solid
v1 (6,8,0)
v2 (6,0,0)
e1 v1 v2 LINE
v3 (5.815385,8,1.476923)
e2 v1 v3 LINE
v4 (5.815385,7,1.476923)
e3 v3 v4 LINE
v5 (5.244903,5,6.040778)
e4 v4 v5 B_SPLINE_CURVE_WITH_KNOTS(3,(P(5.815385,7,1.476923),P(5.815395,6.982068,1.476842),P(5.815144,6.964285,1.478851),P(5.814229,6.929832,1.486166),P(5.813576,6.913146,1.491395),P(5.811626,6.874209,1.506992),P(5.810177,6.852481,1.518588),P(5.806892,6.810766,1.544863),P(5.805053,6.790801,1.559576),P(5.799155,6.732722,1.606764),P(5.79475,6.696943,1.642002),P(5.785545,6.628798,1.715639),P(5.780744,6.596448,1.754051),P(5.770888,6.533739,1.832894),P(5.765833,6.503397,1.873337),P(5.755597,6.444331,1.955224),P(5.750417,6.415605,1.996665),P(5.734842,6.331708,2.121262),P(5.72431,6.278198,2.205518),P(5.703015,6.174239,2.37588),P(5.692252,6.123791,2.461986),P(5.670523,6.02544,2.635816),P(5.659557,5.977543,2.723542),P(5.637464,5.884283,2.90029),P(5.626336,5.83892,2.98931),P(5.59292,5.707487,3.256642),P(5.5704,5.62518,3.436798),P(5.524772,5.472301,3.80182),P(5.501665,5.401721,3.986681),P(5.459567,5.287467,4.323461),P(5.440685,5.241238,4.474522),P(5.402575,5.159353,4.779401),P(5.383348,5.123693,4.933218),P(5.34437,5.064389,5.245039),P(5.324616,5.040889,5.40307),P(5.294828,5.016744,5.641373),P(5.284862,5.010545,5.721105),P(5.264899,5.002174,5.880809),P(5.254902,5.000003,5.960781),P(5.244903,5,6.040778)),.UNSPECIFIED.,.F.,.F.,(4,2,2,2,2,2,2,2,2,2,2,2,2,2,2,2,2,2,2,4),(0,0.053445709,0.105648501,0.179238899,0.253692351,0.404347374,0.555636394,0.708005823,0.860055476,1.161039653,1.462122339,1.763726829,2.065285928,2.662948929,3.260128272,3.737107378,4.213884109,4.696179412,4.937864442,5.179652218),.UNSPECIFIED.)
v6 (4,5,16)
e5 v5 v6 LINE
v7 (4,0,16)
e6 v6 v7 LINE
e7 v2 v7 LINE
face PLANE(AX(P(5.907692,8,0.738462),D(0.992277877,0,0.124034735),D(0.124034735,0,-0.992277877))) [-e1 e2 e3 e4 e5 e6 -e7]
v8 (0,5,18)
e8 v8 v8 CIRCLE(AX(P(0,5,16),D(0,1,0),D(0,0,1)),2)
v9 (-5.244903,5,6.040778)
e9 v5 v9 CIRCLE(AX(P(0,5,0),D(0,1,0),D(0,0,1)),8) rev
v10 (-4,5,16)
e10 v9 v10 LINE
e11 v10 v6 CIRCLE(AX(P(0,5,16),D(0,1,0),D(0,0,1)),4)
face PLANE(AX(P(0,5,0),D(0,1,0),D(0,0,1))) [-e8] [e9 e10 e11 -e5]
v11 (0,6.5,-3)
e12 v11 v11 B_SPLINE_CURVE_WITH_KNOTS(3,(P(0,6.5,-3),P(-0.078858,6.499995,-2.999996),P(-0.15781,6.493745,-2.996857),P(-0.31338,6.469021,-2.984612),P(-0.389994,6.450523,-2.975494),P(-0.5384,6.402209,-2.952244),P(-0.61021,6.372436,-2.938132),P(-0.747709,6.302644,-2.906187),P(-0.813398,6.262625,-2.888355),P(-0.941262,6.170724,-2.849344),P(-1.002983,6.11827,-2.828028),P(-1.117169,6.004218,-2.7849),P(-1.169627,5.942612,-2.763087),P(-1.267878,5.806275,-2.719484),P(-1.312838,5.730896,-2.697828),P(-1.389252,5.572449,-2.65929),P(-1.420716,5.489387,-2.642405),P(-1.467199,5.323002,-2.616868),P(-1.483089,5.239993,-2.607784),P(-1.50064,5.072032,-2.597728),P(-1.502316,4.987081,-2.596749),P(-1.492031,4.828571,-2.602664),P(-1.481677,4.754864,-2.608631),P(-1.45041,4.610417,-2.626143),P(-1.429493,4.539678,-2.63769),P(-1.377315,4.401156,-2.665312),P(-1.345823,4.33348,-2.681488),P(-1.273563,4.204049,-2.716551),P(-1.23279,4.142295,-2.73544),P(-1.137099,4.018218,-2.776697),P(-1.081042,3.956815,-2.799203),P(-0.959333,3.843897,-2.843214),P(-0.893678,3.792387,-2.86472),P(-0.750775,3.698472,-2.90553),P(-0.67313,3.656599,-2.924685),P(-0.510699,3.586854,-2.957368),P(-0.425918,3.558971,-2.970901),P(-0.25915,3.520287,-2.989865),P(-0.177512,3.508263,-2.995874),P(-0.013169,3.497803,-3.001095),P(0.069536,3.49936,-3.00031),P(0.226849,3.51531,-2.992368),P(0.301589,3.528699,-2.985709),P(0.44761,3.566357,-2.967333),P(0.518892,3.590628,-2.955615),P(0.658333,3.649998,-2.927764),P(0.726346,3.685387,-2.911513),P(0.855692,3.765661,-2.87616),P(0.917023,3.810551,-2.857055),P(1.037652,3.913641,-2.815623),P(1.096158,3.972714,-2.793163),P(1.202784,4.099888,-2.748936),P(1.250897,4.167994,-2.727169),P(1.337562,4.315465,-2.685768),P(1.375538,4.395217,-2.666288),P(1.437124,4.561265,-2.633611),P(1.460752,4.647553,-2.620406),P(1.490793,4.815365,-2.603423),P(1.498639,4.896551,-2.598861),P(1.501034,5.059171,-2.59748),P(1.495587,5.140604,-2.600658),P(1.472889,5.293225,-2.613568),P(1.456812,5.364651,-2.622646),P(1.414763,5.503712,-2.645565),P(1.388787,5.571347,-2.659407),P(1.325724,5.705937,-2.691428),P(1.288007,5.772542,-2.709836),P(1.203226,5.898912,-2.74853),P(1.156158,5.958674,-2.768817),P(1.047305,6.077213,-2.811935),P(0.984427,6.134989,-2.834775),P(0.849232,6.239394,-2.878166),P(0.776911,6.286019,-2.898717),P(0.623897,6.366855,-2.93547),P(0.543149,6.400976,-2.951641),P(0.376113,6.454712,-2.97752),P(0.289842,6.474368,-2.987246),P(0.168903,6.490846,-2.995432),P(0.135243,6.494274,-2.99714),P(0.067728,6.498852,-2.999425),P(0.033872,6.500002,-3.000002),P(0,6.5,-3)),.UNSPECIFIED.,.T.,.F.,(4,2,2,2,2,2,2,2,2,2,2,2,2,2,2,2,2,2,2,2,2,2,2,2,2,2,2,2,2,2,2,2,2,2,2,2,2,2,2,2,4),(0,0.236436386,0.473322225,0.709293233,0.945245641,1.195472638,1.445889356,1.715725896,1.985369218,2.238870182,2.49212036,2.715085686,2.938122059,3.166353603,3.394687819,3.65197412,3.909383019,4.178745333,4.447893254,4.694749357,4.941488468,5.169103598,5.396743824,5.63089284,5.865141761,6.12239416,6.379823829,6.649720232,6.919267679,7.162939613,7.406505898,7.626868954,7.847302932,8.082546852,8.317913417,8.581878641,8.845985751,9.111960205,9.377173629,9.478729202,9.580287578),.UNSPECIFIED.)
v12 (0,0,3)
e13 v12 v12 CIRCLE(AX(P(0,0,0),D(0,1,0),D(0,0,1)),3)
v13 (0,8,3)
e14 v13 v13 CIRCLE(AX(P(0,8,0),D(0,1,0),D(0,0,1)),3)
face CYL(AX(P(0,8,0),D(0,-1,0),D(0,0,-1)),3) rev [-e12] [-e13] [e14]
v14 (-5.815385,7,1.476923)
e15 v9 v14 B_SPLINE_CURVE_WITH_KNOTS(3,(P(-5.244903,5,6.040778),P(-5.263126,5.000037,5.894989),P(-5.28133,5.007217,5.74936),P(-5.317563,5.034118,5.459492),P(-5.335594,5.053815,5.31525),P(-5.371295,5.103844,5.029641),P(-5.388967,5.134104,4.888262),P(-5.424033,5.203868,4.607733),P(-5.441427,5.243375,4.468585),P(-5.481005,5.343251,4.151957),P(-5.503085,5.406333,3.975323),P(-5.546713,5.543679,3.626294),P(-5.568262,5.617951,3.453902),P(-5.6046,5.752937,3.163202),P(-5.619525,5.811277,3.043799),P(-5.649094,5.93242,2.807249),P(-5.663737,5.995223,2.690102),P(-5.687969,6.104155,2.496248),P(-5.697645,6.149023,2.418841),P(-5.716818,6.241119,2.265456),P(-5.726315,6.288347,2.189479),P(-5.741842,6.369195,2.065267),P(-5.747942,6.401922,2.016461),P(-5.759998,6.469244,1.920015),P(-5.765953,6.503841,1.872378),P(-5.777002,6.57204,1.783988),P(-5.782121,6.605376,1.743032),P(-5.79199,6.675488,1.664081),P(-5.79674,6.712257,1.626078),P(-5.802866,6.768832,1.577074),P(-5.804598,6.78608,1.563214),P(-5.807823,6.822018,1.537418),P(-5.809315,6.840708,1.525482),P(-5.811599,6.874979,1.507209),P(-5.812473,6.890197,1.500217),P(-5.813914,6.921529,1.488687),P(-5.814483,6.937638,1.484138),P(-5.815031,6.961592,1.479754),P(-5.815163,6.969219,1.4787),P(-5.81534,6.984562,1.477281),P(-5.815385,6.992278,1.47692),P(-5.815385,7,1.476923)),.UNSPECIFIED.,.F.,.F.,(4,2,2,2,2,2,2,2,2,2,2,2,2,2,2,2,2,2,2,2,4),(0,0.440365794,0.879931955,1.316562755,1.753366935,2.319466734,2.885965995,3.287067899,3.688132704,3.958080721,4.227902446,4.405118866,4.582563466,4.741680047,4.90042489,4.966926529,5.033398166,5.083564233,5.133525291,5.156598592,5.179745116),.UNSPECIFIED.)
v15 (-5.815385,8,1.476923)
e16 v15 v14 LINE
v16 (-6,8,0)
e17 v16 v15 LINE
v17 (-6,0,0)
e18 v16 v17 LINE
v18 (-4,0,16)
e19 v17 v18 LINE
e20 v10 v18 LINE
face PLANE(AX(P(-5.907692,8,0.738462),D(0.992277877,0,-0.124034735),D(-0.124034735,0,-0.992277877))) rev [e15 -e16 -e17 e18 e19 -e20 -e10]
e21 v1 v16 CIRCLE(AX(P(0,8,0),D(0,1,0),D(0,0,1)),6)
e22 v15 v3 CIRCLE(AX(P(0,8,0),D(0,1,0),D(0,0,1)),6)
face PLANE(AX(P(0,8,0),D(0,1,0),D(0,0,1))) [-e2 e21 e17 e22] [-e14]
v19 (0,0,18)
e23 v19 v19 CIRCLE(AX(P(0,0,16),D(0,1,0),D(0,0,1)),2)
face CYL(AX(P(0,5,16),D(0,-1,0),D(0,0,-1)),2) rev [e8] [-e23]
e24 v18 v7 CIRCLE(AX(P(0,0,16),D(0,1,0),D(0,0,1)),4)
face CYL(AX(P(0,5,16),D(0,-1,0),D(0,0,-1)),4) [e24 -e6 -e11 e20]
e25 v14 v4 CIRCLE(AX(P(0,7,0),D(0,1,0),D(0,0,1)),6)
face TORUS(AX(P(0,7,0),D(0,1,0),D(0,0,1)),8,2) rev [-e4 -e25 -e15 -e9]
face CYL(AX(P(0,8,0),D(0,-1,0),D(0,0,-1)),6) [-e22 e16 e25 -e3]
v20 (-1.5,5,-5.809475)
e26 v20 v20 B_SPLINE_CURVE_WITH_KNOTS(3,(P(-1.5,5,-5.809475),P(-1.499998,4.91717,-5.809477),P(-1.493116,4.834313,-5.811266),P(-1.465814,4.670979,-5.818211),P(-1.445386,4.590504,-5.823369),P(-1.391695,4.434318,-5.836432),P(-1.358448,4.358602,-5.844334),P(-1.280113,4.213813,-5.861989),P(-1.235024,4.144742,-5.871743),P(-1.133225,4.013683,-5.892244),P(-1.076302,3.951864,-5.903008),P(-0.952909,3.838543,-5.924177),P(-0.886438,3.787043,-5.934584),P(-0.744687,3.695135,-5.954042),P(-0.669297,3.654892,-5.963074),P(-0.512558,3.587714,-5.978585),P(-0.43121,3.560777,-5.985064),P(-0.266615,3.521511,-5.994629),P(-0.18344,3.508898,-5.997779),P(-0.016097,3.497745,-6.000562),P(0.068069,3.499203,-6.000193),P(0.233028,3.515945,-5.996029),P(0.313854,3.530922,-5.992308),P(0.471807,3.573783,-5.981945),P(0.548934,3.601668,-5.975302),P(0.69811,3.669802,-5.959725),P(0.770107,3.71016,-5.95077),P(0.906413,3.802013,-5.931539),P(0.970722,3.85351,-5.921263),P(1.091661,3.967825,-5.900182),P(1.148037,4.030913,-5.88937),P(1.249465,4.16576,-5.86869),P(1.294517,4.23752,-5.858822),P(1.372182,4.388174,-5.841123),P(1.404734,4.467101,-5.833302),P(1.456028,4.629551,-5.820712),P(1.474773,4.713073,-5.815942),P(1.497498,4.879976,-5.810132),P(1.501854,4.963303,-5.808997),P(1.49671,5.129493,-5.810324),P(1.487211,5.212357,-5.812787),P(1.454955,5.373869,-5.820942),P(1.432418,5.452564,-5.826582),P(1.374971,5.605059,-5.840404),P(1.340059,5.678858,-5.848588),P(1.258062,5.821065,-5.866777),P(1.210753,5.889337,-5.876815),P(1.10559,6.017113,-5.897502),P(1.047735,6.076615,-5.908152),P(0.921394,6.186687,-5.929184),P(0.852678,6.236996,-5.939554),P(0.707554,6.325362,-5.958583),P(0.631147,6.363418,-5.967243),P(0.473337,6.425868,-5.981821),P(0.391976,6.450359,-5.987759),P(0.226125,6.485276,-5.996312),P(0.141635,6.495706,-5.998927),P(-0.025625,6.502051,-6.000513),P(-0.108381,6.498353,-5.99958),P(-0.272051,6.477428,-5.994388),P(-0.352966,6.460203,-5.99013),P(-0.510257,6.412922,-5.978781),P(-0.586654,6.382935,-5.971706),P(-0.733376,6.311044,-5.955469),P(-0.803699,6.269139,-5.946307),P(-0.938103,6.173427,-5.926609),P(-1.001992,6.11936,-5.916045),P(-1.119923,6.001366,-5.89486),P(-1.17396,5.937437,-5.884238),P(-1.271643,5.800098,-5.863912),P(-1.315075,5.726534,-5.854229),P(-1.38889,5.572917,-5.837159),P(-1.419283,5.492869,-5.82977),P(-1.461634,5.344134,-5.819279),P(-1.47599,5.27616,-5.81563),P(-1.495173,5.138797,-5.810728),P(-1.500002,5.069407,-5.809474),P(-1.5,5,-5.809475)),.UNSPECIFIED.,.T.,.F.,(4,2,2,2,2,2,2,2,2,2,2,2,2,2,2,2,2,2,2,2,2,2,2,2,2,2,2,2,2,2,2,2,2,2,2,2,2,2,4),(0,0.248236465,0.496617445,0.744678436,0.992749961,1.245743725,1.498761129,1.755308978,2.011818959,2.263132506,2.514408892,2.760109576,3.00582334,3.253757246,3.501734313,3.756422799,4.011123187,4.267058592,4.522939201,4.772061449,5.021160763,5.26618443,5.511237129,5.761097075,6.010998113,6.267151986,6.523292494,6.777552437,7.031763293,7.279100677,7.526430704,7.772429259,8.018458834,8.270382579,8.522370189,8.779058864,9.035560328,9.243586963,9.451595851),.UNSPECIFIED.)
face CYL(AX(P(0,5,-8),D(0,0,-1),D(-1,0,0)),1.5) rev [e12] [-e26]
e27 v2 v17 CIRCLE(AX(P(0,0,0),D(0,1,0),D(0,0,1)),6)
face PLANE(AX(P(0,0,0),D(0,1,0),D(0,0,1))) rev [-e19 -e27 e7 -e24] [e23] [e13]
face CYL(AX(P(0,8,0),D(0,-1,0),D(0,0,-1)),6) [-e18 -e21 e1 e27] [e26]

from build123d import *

# Parameters (mm, degrees)
SKETCH1_R             = 3
BOSS_EXTRUDE1_DEPTH   = 8
SKETCH1_3_R           = 2
BOSS_EXTRUDE2_DEPTH   = 5
FILLET1_R             = 2
M3_TAPPED_HOLE1_D     = 3
M3_TAPPED_HOLE1_DEPTH = 8.5
M3_TAPPED_HOLE1_TIP   = 0.901290929


with BuildPart() as part:
    # Sketch1 → Boss-Extrude1 (new body)
    with BuildSketch(Plane(origin=(0, 0, 0), x_dir=(1, 0, 0), z_dir=(0, 1, 0))):
        with BuildLine():
            ThreePointArc((6, 0), (0, 6), (-6, 0))
            Line((-6, 0), (-5.815384615, -1.476923077))
            ThreePointArc((-5.815384615, -1.476923077), (0, -6), (5.815384615, -1.476923077))
            Line((5.815384615, -1.476923077), (6, 0))
        make_face()
        Circle(SKETCH1_R, mode=Mode.SUBTRACT)
    extrude(amount=BOSS_EXTRUDE1_DEPTH)

    # Sketch1<3> → Boss-Extrude2 (add)
    with BuildSketch(Plane(origin=(0, 0, 0), x_dir=(1, 0, 0), z_dir=(0, 1, 0))):
        with BuildLine():
            ThreePointArc((5.815384615, -1.476923077), (0, -6), (-5.815384615, -1.476923077))
            Line((-5.815384615, -1.476923077), (-4, -16))
            ThreePointArc((-4, -16), (0, -20), (4, -16))
            Line((4, -16), (5.815384615, -1.476923077))
        make_face()
        with Locations((0, -16)):
            Circle(SKETCH1_3_R, mode=Mode.SUBTRACT)
    extrude(amount=BOSS_EXTRUDE2_DEPTH)

    # Fillet1
    fillet1_edges = [part.edges().sort_by_distance(p)[0] for p in [
        (0, 5, 6),
    ]]
    fillet(fillet1_edges, radius=FILLET1_R)

    # M3 Tapped Hole1
    with Locations(Plane(origin=(0, 0, -8), x_dir=(1, 0, 0), z_dir=(0, 0, -1))):
        with Locations((0, -5)):
            Hole(M3_TAPPED_HOLE1_D / 2, depth=M3_TAPPED_HOLE1_DEPTH)
            with Locations((0, 0, -(M3_TAPPED_HOLE1_DEPTH + M3_TAPPED_HOLE1_TIP / 2))):  # 118° drill point
                Cone(0, M3_TAPPED_HOLE1_D / 2, M3_TAPPED_HOLE1_TIP, mode=Mode.SUBTRACT)


solid = part.part
